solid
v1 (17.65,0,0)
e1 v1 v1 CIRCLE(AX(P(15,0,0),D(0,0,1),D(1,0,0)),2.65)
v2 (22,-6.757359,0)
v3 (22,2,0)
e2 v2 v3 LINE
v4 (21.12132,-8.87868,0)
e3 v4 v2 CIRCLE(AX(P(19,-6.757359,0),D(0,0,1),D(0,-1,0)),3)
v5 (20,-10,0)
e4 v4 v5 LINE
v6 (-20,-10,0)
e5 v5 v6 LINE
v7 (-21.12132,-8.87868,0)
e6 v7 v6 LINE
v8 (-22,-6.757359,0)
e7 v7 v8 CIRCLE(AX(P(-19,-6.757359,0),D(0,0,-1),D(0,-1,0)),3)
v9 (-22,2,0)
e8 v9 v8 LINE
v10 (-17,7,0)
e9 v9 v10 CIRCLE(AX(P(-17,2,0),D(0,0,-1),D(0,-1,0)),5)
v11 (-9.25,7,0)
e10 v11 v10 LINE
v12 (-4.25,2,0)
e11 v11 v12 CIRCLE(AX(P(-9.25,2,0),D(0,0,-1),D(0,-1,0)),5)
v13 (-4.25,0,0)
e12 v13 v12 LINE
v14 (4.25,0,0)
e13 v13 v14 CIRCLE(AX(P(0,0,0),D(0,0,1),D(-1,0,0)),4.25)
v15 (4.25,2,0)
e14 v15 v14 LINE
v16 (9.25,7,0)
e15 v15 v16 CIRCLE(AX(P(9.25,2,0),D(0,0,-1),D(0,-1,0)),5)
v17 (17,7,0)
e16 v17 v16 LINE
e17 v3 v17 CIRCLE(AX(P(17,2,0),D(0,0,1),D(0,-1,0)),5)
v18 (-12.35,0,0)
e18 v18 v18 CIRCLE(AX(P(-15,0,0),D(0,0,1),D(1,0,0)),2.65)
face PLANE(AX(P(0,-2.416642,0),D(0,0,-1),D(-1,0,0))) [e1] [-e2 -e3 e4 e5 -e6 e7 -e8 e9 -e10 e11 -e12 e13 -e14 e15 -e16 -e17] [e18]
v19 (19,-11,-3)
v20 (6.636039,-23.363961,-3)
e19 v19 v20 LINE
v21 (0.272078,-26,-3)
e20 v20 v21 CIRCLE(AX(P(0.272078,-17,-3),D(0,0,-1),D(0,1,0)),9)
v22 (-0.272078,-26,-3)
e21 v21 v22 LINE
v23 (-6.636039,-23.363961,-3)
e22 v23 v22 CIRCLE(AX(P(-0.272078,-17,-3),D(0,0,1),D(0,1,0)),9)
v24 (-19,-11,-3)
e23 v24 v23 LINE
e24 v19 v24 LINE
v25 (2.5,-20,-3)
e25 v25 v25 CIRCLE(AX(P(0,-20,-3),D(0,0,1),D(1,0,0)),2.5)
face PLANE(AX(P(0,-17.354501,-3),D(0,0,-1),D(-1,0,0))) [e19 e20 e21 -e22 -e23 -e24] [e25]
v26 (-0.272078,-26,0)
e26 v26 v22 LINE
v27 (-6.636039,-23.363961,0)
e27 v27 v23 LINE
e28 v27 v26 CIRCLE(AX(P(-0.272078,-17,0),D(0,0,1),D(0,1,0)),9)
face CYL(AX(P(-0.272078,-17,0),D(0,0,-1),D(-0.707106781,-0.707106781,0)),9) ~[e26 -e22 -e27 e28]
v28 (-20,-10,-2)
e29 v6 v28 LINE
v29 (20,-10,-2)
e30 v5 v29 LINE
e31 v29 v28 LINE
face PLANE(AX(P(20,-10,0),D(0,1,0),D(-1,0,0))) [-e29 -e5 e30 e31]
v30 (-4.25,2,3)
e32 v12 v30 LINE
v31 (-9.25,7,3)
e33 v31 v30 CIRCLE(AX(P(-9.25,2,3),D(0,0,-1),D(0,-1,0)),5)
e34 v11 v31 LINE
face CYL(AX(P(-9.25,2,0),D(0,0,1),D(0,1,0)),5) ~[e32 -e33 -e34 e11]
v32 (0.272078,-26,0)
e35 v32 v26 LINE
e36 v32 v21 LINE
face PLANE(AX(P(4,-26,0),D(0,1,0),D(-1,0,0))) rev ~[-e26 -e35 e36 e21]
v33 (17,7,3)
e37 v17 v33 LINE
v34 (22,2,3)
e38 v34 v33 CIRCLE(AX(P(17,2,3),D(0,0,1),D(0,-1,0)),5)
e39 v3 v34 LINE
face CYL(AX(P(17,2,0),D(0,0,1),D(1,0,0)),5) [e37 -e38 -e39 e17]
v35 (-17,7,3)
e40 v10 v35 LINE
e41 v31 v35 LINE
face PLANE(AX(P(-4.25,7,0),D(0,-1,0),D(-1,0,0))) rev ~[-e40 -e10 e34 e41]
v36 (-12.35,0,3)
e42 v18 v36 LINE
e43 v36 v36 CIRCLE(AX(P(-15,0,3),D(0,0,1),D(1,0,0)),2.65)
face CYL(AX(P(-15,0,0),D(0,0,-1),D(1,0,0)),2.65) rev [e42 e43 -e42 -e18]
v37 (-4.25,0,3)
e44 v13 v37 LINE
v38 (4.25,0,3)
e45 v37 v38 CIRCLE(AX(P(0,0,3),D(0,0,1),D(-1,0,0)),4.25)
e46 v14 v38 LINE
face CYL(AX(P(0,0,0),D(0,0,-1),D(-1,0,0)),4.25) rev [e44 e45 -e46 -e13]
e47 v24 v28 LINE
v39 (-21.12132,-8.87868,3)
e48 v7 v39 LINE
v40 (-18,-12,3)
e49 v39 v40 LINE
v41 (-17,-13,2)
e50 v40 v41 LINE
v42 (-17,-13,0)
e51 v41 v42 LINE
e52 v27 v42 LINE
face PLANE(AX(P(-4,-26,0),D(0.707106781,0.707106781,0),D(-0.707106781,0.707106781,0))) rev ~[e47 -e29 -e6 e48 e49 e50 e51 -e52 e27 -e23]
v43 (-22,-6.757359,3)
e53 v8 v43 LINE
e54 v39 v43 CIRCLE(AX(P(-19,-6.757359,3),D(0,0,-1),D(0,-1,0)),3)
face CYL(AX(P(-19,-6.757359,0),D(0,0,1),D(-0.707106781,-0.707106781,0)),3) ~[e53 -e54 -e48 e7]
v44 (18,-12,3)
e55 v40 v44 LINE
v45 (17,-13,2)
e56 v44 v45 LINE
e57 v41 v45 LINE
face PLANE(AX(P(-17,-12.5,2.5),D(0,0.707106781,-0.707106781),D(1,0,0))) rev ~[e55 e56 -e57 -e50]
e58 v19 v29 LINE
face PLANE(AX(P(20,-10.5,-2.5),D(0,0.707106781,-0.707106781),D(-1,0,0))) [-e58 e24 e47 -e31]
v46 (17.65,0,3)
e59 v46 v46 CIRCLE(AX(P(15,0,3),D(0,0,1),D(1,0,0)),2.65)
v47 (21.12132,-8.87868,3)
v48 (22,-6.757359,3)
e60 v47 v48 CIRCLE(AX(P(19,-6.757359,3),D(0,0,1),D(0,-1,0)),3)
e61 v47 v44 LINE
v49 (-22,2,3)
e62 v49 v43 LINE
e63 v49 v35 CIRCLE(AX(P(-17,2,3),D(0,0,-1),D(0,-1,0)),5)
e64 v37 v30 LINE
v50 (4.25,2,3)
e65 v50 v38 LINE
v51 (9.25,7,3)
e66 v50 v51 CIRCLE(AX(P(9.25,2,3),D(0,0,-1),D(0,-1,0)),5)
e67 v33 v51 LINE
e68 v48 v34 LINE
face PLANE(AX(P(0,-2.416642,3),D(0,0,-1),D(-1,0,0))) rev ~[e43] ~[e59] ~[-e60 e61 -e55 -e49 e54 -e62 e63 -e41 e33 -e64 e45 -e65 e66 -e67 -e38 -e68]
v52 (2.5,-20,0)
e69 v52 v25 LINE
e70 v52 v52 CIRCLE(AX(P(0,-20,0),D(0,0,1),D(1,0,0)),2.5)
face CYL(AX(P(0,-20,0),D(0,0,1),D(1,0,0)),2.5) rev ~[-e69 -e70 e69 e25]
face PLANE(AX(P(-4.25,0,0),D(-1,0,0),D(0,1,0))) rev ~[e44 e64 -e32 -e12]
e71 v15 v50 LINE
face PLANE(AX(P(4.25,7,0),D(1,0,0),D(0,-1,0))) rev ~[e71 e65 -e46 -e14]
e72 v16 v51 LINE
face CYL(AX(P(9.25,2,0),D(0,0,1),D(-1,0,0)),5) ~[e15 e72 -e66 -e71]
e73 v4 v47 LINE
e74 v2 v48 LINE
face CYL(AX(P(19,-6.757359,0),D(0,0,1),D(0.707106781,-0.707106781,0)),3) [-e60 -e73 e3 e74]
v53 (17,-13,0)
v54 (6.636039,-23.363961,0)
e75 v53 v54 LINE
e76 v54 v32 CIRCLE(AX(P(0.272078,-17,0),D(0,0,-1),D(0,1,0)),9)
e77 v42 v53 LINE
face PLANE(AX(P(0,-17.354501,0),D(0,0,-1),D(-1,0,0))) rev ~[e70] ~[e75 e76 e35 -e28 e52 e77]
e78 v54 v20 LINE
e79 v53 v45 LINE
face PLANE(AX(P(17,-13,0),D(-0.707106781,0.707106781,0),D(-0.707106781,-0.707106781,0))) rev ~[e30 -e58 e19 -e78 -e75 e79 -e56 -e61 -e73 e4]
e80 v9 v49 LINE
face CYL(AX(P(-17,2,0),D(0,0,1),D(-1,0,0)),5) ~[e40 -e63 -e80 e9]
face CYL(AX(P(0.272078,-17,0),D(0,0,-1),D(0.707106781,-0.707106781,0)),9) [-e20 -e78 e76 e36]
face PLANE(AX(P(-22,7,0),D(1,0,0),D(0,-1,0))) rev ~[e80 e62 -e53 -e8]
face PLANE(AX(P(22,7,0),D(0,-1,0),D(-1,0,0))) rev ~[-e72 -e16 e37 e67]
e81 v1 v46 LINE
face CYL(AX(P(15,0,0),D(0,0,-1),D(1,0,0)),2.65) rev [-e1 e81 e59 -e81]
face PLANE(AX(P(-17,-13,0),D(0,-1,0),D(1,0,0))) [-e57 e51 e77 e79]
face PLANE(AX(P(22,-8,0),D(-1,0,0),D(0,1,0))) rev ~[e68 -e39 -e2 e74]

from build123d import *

# Parameters (mm, degrees)
SKETCH_R        = 2.65
PAD_DEPTH       = 3
PAD001_DEPTH    = 3
SKETCH002_R     = 2.5
PAD002_DEPTH    = 3
FILLET_R        = 9
FILLET001_R     = 5
FILLET002_R     = 5
CHAMFER_SIZE    = 1
CHAMFER001_SIZE = 1
FILLET003_R     = 3


with BuildPart() as part:
    # Sketch → Pad (new body)
    with BuildSketch(Plane.XY):
        with BuildLine():
            ThreePointArc((-4.25, 0), (0, -4.25), (4.25, 0))
            Line((4.25, 7), (4.25, 0))
            Line((22, 7), (4.25, 7))
            Line((22, -8), (22, 7))
            Line((22, -8), (17, -13))
            Line((-17, -13), (17, -13))
            Line((-22, -8), (-17, -13))
            Line((-22, 7), (-22, -8))
            Line((-4.25, 7), (-22, 7))
            Line((-4.25, 0), (-4.25, 7))
        make_face()
        with Locations((-15, 0)):
            Circle(SKETCH_R, mode=Mode.SUBTRACT)
        with Locations((15, 0)):
            Circle(SKETCH_R, mode=Mode.SUBTRACT)
    extrude(amount=PAD_DEPTH)

    # Sketch001 → Pad001 (join)
    with BuildSketch(Plane.XY):
        Polygon((-17, -13), (17, -13), (20, -10), (-20, -10), align=None)
    extrude(amount=-PAD001_DEPTH)

    # Sketch002 → Pad002 (join)
    with BuildSketch(Plane.XY):
        Polygon((-17, -13), (17, -13), (4, -26), (-4, -26), align=None)
        with Locations((0, -20)):
            Circle(SKETCH002_R, mode=Mode.SUBTRACT)
    extrude(amount=-PAD002_DEPTH)

    # Fillet
    fillet_edges = [part.edges().sort_by_distance(p)[0] for p in [
        (4, -26, -1.5),
        (-4, -26, -1.5),
    ]]
    fillet(fillet_edges, radius=FILLET_R)

    # Fillet001
    fillet001_edges = [part.edges().sort_by_distance(p)[0] for p in [
        (22, 7, 1.5),
        (-22, 7, 1.5),
    ]]
    fillet(fillet001_edges, radius=FILLET001_R)

    # Fillet002
    fillet002_edges = [part.edges().sort_by_distance(p)[0] for p in [
        (-4.25, 7, 1.5),
        (4.25, 7, 1.5),
    ]]
    fillet(fillet002_edges, radius=FILLET002_R)

    # Chamfer
    chamfer_edges = [part.edges().sort_by_distance(p)[0] for p in [
        (0, -13, 3),
    ]]
    chamfer(chamfer_edges, length=CHAMFER_SIZE)

    # Chamfer001
    chamfer001_edges = [part.edges().sort_by_distance(p)[0] for p in [
        (0, -10, -3),
    ]]
    chamfer(chamfer001_edges, length=CHAMFER001_SIZE)

    # Fillet003
    fillet003_edges = [part.edges().sort_by_distance(p)[0] for p in [
        (22, -8, 1.5),
        (-22, -8, 1.5),
    ]]
    fillet(fillet003_edges, radius=FILLET003_R)


solid = part.part
